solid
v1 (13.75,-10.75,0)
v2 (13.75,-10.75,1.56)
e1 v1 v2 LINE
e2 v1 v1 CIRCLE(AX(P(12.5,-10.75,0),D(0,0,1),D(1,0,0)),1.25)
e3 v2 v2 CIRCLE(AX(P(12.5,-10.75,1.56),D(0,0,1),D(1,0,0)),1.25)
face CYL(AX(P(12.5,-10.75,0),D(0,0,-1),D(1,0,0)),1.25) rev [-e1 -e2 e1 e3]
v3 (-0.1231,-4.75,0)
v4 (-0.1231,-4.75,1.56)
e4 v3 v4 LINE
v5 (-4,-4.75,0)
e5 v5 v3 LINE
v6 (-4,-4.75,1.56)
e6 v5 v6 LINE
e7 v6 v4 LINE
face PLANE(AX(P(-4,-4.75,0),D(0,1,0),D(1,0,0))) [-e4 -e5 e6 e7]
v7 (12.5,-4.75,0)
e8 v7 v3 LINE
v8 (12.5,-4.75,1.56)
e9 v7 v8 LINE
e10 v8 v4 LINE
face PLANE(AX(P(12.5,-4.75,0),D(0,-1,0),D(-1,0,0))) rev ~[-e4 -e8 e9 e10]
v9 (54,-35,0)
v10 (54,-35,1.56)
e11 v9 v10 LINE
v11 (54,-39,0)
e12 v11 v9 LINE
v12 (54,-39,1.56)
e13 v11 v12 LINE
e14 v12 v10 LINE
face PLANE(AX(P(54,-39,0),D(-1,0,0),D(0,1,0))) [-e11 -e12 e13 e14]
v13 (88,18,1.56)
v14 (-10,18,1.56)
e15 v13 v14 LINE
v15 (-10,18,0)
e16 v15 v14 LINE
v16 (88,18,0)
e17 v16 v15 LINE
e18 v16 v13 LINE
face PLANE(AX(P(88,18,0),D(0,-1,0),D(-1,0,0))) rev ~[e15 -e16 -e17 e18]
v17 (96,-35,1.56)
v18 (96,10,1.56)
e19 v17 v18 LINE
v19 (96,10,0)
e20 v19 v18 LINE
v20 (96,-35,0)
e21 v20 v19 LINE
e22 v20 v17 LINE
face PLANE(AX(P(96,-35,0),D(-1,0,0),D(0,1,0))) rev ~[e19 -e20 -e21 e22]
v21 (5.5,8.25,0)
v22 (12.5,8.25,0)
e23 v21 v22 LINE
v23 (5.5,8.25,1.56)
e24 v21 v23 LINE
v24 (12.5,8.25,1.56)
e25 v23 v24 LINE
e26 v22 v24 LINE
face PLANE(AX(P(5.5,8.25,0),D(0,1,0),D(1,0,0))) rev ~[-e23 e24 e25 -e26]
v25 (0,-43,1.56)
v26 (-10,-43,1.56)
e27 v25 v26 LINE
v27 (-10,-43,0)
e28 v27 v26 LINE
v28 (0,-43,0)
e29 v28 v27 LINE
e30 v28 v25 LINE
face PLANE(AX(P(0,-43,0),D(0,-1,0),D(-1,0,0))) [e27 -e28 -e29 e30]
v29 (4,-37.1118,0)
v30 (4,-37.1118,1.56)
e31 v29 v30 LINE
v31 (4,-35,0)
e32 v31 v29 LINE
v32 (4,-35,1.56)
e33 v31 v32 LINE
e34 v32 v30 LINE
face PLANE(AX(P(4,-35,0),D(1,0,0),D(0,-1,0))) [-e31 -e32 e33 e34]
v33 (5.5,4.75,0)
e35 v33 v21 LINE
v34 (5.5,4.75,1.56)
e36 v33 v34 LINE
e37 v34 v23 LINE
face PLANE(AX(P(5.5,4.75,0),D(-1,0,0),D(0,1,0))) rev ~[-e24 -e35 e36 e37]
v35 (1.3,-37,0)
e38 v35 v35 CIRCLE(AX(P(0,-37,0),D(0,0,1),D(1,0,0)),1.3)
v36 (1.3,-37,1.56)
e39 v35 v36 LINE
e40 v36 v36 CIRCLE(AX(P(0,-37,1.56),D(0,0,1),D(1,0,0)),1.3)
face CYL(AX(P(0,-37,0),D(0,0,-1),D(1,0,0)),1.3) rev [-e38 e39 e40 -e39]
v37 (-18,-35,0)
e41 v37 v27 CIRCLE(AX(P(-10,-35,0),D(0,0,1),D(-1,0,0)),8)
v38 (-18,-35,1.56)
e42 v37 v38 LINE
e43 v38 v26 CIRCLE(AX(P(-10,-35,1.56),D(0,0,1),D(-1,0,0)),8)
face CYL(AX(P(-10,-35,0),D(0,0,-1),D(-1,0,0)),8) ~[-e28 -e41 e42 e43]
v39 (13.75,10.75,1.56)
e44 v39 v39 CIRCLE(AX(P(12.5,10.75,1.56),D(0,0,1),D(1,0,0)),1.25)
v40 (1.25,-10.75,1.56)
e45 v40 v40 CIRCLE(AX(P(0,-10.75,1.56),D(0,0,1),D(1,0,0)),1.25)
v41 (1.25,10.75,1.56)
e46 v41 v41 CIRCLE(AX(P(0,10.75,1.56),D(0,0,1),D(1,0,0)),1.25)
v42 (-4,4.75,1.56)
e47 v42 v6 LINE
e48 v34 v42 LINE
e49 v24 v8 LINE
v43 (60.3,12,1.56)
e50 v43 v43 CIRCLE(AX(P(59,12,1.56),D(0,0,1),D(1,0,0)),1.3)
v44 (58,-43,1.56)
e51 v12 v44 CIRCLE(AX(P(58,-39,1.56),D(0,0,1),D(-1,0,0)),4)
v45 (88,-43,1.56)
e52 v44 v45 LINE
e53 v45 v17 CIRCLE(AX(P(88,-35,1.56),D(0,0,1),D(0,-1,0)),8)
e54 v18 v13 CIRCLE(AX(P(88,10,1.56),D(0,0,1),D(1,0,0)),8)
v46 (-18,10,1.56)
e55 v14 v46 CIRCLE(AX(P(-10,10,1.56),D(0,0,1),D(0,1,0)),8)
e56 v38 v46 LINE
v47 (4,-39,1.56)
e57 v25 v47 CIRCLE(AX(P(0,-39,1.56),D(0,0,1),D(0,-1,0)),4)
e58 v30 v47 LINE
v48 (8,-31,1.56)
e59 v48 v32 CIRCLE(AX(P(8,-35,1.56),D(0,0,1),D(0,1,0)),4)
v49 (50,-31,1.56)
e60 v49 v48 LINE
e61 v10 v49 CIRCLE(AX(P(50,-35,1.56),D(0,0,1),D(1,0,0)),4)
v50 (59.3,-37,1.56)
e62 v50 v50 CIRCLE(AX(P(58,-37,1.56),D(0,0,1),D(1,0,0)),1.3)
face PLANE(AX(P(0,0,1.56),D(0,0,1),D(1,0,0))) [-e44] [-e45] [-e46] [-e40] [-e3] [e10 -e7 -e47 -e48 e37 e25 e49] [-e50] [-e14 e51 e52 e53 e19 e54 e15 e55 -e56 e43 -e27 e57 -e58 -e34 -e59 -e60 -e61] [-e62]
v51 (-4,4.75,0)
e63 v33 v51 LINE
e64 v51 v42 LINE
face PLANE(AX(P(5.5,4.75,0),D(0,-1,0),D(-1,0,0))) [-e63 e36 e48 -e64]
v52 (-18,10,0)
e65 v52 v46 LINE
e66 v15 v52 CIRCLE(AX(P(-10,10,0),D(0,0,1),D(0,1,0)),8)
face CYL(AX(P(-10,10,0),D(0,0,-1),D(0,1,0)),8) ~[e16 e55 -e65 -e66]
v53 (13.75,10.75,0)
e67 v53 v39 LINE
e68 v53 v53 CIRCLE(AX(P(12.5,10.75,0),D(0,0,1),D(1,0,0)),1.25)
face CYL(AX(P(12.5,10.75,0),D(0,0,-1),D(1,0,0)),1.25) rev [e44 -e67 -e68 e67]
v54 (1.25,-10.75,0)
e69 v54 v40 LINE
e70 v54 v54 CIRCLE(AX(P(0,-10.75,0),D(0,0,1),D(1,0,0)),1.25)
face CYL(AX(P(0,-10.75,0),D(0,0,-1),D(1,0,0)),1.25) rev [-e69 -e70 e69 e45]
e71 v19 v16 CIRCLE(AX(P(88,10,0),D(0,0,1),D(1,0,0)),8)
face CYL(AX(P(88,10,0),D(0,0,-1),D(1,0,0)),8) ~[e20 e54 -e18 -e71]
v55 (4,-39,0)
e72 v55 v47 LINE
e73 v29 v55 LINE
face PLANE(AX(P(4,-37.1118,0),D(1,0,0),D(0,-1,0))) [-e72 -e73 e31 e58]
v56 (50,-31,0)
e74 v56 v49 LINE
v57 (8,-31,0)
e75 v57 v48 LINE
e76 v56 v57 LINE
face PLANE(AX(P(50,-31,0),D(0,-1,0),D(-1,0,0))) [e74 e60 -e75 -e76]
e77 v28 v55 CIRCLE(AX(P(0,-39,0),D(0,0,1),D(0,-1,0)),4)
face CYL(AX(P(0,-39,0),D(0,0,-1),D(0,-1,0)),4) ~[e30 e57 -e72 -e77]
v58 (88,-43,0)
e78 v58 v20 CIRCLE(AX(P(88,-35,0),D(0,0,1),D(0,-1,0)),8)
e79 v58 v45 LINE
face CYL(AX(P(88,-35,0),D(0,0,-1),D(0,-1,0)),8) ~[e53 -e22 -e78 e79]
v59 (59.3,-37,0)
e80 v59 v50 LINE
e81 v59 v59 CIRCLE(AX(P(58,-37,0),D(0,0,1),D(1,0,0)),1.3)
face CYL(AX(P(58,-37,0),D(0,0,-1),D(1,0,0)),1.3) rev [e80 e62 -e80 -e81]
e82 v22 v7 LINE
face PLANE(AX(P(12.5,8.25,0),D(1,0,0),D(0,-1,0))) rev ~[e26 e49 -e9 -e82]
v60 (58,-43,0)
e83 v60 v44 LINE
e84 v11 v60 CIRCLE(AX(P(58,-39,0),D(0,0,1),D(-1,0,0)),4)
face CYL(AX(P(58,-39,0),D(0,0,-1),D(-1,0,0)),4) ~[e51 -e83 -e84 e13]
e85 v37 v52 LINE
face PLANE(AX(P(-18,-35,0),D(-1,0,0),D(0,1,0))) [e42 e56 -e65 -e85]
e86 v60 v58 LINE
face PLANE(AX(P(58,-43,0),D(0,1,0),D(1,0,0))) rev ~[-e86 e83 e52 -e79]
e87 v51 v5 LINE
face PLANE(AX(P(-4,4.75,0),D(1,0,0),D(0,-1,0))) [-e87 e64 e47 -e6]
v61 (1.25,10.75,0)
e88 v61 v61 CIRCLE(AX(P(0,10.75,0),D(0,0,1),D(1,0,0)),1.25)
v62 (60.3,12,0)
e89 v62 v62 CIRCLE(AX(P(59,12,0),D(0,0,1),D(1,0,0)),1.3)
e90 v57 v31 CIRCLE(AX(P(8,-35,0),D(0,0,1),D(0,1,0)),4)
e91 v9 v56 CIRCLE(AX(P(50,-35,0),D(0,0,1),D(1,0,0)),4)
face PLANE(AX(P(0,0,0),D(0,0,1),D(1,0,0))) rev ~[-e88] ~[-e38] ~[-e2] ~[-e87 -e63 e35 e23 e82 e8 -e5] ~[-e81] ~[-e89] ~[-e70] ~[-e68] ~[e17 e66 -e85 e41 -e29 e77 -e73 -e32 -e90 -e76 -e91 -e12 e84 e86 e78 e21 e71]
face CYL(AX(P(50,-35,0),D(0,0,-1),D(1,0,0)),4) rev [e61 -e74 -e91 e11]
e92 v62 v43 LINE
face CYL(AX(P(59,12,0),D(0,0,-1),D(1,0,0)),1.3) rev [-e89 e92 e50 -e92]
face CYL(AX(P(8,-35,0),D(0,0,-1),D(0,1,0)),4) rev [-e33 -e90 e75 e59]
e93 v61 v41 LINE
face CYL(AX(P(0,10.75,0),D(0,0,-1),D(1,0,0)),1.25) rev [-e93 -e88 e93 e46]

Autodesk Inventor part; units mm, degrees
ref_plane "YZ Plane" through (0, 0, 0) normal (1, 0, 0) x (0, 1, 0)
ref_plane "XZ Plane" through (0, 0, 0) normal (0, 1, 0) x (-1, 0, 0)
ref_plane "XY Plane" through (0, 0, 0) normal (0, 0, 1) x (1, 0, 0)
sketch "Sketch1" plane through (0, 0, 0) normal (0, 0, 1) x (1, 0, 0)
  line L0 (96, -35) -> (96, 10)
  arc A0 (88, -43) -> (96, -35) centre (88, -35) ccw
  line L1 (54, -39) -> (54, -35)
  line L2 (50, -31) -> (8, -31)
  line L3 (4, -35) -> (4, -37.1118)
  line L4 (58, -43) -> (88, -43)
  arc A1 (8, -31) -> (4, -35) centre (8, -35) ccw
  arc A2 (54, -39) -> (58, -43) centre (58, -39) ccw
  arc A3 (54, -35) -> (50, -31) centre (50, -35) ccw
  line L5 (-34, 0) -> (96, 0) construction
  line L6 (88, 18) -> (-10, 18)
  circle A4 centre (59, 12) radius 1.3
  circle A5 centre (58, -37) radius 1.3
  line L7 (4, -37.1118) -> (4, -39)
  arc A6 (0, -43) -> (4, -39) centre (0, -39) ccw
  circle A7 centre (0, -37) radius 1.3
  line L8 (58, -37) -> (0, -37) construction
  line L9 (-4, 4.75) -> (-4, -4.75)
  line L10 (-4, -4.75) -> (-0.1231, -4.75)
  line L11 (5.5, 4.75) -> (-4, 4.75)
  line L12 (0, 0) -> (0, 18) construction
  line L13 (5.5, 4.75) -> (5.5, 8.25)
  line L14 (5.5, 8.25) -> (12.5, 8.25)
  line L15 (12.5, 8.25) -> (12.5, -4.75)
  line L16 (12.5, -4.75) -> (-0.1231, -4.75)
  circle A8 centre (0, 10.75) radius 1.25
  circle A9 centre (0, -10.75) radius 1.25
  line L17 (0, -43) -> (-10, -43)
  line L18 (-18, -35) -> (-18, 10)
  circle A10 centre (12.5, -10.75) radius 1.25
  arc A11 (-10, 18) -> (-18, 10) centre (-10, 10) ccw
  arc A12 (-18, -35) -> (-10, -43) centre (-10, -35) ccw
  circle A13 centre (12.5, 10.75) radius 1.25
  arc A14 (96, 10) -> (88, 18) centre (88, 10) ccw
  point P0 (4, -43)
  point P1 (96, 18)
  point P2 (54, -31)
  point P3 (4, -31)
  dimension "d8" = 50
  dimension "d11" = 12
  dimension "d13" = 4
  dimension "d16" = 42
  dimension "d33" = 4
  dimension "d38" = 4
  dimension "d39" = 9.5
  dimension "d40" = 3.5
  dimension "d41" = 7
  dimension "d42" = 10.75
  dimension "d43" = 2.5
  dimension "d44" = 58
  dimension "d46" = 31
  dimension "d47" = 18
  dimension "d50" = 12.5
  dimension "d51" = 8
  dimension "d52" = 22
  dimension "d55" = 58
  dimension "d57" = 49
  dimension "d58" = 6
  dimension "d59" = 37
  dimension "d60" = 2.6
  dimension "d61" = 8
  dimension "d62" = 8
  dimension "d64" = 4
extrude "Extrusion1" add sketch "Sketch1" along normal blind 1.56
properties part number "redo_bat_mount"
